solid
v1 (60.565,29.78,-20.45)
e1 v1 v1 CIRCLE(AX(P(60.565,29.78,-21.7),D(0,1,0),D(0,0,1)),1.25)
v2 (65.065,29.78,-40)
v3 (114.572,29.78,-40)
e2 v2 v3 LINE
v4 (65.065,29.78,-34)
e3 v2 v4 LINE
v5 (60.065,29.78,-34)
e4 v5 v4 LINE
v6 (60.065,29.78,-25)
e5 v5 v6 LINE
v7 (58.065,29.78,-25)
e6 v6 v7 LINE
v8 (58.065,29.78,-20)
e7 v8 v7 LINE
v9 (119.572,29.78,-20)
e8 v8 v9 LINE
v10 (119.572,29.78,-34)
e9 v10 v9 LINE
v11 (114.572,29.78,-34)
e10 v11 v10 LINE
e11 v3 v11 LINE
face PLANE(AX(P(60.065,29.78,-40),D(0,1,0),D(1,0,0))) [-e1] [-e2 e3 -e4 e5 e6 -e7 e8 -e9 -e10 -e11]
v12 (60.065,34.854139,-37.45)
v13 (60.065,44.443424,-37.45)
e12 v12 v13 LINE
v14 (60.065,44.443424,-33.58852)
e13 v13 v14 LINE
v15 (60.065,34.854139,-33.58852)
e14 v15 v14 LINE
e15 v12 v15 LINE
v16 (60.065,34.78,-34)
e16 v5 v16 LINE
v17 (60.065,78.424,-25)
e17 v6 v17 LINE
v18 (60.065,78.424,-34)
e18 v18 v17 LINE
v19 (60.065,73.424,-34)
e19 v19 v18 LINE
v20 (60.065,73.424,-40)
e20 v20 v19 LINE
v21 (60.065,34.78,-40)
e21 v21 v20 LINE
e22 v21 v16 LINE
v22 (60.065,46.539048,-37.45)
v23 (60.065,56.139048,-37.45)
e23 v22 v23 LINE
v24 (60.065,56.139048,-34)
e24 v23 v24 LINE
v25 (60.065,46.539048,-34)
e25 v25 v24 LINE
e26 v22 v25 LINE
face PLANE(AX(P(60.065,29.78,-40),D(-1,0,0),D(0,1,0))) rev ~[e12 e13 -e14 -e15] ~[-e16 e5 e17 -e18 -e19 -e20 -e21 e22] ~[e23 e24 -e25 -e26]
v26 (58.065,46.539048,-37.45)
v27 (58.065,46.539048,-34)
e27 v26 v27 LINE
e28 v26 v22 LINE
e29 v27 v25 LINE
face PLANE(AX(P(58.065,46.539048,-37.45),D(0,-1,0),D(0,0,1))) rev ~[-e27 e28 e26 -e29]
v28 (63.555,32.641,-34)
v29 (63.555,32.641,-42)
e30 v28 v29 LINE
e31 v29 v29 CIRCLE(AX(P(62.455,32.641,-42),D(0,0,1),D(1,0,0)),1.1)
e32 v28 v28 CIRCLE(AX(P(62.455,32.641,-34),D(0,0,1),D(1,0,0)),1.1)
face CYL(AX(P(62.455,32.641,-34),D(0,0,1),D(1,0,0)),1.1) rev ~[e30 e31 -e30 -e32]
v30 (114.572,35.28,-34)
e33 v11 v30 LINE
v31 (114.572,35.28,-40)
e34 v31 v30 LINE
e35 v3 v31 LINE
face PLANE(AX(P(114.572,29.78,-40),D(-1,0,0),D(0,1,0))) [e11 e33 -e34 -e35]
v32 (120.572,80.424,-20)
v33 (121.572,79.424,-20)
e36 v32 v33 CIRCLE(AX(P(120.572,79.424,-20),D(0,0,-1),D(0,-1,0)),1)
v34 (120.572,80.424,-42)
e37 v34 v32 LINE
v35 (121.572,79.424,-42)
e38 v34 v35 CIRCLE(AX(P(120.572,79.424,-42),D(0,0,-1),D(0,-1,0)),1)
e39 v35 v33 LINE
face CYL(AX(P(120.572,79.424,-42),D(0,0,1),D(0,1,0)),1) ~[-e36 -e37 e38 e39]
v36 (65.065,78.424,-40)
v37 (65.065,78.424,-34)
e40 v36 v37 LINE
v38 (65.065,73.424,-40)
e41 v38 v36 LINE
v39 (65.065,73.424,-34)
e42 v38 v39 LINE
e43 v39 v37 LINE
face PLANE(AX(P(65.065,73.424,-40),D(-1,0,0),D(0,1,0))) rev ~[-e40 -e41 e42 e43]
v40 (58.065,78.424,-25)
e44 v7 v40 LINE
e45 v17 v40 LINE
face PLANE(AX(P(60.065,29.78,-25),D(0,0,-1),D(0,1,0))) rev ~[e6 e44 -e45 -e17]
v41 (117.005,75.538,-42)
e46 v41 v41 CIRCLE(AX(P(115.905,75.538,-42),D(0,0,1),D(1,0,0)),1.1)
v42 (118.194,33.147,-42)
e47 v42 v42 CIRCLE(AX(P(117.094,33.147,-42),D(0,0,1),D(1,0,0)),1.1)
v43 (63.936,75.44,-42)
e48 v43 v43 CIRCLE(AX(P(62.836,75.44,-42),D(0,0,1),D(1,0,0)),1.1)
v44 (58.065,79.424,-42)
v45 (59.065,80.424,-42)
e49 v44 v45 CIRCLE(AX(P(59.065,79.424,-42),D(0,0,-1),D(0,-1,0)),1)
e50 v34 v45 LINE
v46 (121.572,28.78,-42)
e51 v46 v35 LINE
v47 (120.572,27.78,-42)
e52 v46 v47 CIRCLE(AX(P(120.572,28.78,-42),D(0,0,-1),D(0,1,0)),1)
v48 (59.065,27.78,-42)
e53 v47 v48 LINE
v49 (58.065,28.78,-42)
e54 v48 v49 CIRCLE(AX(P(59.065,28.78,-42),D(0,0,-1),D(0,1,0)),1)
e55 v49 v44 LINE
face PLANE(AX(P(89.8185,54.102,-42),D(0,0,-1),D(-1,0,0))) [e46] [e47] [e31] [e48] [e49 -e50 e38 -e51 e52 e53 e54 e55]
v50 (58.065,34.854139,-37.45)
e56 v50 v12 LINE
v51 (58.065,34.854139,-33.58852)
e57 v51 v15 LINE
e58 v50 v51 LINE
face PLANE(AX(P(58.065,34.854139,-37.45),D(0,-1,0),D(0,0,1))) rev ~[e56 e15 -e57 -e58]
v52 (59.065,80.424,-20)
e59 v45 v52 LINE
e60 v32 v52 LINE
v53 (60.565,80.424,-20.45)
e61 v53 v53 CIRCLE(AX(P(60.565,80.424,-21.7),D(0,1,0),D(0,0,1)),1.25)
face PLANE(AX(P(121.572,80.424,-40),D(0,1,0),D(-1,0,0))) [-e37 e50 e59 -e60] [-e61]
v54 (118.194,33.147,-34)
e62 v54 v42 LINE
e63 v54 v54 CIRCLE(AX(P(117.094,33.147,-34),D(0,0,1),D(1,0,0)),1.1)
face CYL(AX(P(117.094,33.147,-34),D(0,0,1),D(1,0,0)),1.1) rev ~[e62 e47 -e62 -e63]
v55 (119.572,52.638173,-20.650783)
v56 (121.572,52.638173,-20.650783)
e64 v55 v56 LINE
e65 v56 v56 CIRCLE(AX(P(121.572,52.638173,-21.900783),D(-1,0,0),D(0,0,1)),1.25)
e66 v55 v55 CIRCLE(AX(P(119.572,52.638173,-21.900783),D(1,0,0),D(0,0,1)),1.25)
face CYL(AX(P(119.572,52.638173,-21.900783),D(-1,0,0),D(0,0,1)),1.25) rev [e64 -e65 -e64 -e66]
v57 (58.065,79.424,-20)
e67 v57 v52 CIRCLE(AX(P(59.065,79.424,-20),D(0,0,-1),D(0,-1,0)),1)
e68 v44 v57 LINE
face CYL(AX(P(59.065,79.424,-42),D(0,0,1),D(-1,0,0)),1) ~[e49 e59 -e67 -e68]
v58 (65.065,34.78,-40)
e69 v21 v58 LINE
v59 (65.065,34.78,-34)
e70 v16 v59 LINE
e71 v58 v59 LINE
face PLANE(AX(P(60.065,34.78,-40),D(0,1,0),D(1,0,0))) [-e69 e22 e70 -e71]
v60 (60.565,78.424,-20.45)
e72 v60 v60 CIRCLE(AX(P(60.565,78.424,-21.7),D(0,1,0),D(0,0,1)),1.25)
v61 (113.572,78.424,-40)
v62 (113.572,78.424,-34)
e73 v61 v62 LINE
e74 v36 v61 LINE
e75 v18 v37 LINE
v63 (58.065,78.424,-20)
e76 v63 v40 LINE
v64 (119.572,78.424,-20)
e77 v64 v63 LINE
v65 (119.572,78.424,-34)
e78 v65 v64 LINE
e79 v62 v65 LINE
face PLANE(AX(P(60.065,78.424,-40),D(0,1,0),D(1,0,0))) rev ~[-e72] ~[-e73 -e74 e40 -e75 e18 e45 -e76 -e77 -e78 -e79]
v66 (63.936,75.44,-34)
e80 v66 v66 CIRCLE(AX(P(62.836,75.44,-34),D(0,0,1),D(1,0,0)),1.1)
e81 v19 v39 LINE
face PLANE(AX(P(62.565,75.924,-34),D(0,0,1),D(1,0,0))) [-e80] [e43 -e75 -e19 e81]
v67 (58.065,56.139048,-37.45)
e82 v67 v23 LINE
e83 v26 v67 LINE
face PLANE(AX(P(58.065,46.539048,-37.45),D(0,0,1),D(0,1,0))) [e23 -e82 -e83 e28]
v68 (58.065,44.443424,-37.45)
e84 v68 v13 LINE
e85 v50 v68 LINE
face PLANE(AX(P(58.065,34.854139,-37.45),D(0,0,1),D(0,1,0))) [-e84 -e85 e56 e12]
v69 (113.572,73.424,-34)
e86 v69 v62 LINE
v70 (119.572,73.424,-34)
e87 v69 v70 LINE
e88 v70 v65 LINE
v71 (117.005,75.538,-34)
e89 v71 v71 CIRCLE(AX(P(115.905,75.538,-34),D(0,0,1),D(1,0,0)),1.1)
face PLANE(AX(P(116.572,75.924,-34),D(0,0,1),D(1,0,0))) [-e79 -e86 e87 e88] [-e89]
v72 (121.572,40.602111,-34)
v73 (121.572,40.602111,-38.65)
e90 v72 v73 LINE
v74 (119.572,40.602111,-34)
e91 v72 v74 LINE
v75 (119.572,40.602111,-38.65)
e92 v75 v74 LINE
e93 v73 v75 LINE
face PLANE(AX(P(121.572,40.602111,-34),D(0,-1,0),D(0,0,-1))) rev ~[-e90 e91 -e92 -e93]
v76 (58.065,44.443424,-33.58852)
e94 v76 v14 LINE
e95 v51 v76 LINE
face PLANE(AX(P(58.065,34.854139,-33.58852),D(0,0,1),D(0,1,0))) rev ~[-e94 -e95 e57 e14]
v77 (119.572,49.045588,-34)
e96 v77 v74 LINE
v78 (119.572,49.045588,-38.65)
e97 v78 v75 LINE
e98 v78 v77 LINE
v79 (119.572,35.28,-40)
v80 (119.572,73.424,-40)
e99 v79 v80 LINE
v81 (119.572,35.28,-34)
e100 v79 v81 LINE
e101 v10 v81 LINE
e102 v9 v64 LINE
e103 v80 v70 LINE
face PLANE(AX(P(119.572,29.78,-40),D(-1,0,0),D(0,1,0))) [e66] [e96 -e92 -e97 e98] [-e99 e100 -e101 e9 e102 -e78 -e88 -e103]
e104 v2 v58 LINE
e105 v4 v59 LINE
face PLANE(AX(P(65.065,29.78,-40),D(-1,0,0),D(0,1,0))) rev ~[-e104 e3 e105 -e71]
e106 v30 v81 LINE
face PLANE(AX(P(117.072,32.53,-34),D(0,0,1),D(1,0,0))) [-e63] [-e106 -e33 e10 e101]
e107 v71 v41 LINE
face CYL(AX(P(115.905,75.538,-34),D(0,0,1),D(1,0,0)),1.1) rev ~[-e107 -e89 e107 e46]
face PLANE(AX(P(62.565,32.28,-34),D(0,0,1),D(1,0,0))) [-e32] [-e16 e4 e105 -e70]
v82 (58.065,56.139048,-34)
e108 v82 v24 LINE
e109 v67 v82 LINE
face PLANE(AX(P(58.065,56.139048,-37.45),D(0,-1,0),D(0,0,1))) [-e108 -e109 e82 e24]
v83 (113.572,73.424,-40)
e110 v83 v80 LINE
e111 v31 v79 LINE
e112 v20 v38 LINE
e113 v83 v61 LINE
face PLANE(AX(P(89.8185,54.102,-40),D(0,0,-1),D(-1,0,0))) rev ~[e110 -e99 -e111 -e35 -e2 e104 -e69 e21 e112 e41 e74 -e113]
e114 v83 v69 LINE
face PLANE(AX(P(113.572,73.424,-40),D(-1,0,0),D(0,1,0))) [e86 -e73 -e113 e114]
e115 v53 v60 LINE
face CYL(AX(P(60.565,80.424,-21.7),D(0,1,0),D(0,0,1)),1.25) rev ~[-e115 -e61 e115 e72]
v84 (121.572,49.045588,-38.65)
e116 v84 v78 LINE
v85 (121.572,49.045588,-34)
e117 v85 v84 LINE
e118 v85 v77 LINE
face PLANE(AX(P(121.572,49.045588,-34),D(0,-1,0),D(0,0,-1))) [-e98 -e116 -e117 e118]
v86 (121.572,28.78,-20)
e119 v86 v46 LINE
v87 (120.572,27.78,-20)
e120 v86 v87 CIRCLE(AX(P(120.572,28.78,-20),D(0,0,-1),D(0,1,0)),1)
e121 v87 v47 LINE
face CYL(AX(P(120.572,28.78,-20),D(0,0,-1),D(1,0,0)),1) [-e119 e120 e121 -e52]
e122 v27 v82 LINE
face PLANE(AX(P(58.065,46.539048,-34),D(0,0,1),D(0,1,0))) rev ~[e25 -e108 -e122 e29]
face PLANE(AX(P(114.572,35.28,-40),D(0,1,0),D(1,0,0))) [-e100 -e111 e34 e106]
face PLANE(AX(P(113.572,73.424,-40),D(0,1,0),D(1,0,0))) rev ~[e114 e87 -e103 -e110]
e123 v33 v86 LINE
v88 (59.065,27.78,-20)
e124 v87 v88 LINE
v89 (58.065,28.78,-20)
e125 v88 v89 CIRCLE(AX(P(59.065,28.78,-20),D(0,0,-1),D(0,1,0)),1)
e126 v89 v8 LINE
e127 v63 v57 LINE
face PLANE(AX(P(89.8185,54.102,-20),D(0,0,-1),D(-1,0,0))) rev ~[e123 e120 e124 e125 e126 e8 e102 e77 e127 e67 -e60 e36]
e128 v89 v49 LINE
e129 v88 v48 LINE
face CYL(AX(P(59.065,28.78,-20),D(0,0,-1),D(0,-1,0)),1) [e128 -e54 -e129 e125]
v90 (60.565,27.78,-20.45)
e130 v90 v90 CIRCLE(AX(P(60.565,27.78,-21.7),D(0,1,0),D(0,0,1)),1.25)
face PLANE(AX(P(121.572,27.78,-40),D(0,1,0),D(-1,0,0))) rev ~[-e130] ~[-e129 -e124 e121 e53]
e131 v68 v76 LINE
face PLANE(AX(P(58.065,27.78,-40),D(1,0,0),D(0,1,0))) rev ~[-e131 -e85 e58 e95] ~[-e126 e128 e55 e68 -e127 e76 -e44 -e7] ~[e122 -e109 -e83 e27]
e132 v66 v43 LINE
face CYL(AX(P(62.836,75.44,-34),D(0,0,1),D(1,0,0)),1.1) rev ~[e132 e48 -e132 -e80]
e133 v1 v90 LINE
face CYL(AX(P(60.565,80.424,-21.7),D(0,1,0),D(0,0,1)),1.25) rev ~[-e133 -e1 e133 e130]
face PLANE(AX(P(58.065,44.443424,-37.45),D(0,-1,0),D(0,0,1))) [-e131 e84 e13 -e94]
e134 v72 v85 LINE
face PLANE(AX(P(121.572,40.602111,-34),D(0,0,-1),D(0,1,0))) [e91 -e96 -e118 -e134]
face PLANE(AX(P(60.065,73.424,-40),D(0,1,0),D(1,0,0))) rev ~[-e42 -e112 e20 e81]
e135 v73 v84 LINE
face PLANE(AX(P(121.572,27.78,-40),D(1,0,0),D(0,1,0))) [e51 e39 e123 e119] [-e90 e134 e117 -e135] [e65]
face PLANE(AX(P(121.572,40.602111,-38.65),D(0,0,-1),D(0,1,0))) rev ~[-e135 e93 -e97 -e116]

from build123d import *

# Parameters (mm, degrees)
BOSS_EXTRUDE1_START = -40
SKETCH2_W           = 59.507
SKETCH2_H           = 48.644
BOSS_EXTRUDE1_DEPTH = 20
SKETCH3_W           = 63.507
SKETCH3_H           = 52.644
BOSS_EXTRUDE2_DEPTH = 2
SKETCH12_W          = 5
SKETCH12_H          = 5
SKETCH12_W_2        = 6
SKETCH12_H_2        = 5.5
BOSS_EXTRUDE4_DEPTH = 6
SKETCH20_R          = 1.1
CUT_EXTRUDE12_DEPTH = 10
SKETCH23_W          = 5
SKETCH23_H          = 48.644
CUT_EXTRUDE13_DEPTH = 5
SKETCH25_R          = 1.25
CUT_EXTRUDE14_DEPTH = 73
SKETCH27_W          = 4.650000165
SKETCH27_H          = 8.443476487
CUT_EXTRUDE15_DEPTH = 3
SKETCH28_W          = 3.45
SKETCH28_H          = 9.6
SKETCH28_W_2        = 3.86148
SKETCH28_H_2        = 9.589284943
CUT_EXTRUDE16_DEPTH = 3
SKETCH30_R          = 1.25
CUT_EXTRUDE24_DEPTH = 3
FILLET1_R           = 1
FILLET2_R           = 1
FILLET3_R           = 1
FILLET4_R           = 1


with BuildPart() as part:
    # Sketch2 → Boss-Extrude1 (new body)
    with BuildSketch(Plane.XY.offset(BOSS_EXTRUDE1_START)):
        Polygon((60.436010502, 80.424), (121.572, 80.424), (121.572, 27.78), (58.065, 27.78), (58.065, 80.424), align=None)
        with Locations((89.8185, 54.102)):
            Rectangle(SKETCH2_W, SKETCH2_H, mode=Mode.SUBTRACT)
    extrude(amount=BOSS_EXTRUDE1_DEPTH)

    # Sketch3 → Boss-Extrude2 (add)
    with BuildSketch(Plane(origin=(0, 0, -40), x_dir=(-1, 0, 0), z_dir=(0, 0, -1))):
        with Locations((-89.8185, 54.102)):
            Rectangle(SKETCH3_W, SKETCH3_H)
    extrude(amount=BOSS_EXTRUDE2_DEPTH)

    # Sketch12 → Boss-Extrude4 (add)
    with BuildSketch(Plane.XY.offset(-40)):
        with Locations((62.565, 75.924)):
            Rectangle(SKETCH12_W, SKETCH12_H)
        with Locations((116.572, 75.924)):
            Rectangle(SKETCH12_W_2, SKETCH12_H)
        with Locations((117.072, 32.53)):
            Rectangle(SKETCH12_W, SKETCH12_H_2)
        with Locations((62.565, 32.28)):
            Rectangle(SKETCH12_W, SKETCH12_H)
    extrude(amount=BOSS_EXTRUDE4_DEPTH)

    # Sketch20 → Cut-Extrude12 (cut)
    with BuildSketch(Plane.XY.offset(-34)):
        with Locations((62.836, 75.44)):
            Circle(SKETCH20_R)
        with Locations((115.905, 75.538)):
            Circle(SKETCH20_R)
        with Locations((117.094, 33.147)):
            Circle(SKETCH20_R)
        with Locations((62.455, 32.641)):
            Circle(SKETCH20_R)
    extrude(amount=-CUT_EXTRUDE12_DEPTH, mode=Mode.SUBTRACT)

    # Sketch23 → Cut-Extrude13 (cut)
    with BuildSketch(Plane(origin=(60.065, 0, 0), x_dir=(0, 0, -1), z_dir=(1, 0, 0))):
        with Locations((22.5, 54.102)):
            Rectangle(SKETCH23_W, SKETCH23_H)
    extrude(amount=-CUT_EXTRUDE13_DEPTH, mode=Mode.SUBTRACT)

    # Sketch25 → Cut-Extrude14 (cut)
    with BuildSketch(Plane(origin=(0, 80.424, 0), x_dir=(1, 0, 0), z_dir=(0, 1, 0))):
        with Locations(Location((60.565, 21.7, 0), (0, 0, 270))):
            Circle(SKETCH25_R)
    extrude(amount=-CUT_EXTRUDE14_DEPTH, mode=Mode.SUBTRACT)

    # Sketch27 → Cut-Extrude15 (cut)
    with BuildSketch(Plane(origin=(121.572, 0, 0), x_dir=(0, 0, -1), z_dir=(1, 0, 0))):
        with Locations((36.324999988, 44.82384952)):
            Rectangle(SKETCH27_W, SKETCH27_H)
    extrude(amount=-CUT_EXTRUDE15_DEPTH, mode=Mode.SUBTRACT)

    # Sketch28 → Cut-Extrude16 (cut)
    with BuildSketch(Plane.ZY.offset(-58.065)):
        with Locations((-35.725, 51.339048194)):
            Rectangle(SKETCH28_W, SKETCH28_H)
        with Locations((-35.51926, 39.648781472)):
            Rectangle(SKETCH28_W_2, SKETCH28_H_2)
    extrude(amount=-CUT_EXTRUDE16_DEPTH, mode=Mode.SUBTRACT)

    # Sketch30 → Cut-Extrude24 (cut)
    with BuildSketch(Plane(origin=(119.572, 0, 0), x_dir=(0, 0, -1), z_dir=(1, 0, 0))):
        with Locations(Location((21.90078297, 52.638173314, 0), (0, 0, 180))):
            Circle(SKETCH30_R)
    extrude(amount=CUT_EXTRUDE24_DEPTH, mode=Mode.SUBTRACT)

    # Fillet1
    fillet1_edges = [part.edges().sort_by_distance(p)[0] for p in [
        (58.065, 80.424, -31),
    ]]
    fillet(fillet1_edges, radius=FILLET1_R)

    # Fillet2
    fillet2_edges = [part.edges().sort_by_distance(p)[0] for p in [
        (121.572, 80.424, -31),
    ]]
    fillet(fillet2_edges, radius=FILLET2_R)

    # Fillet3
    fillet3_edges = [part.edges().sort_by_distance(p)[0] for p in [
        (121.572, 27.78, -31),
    ]]
    fillet(fillet3_edges, radius=FILLET3_R)

    # Fillet4
    fillet4_edges = [part.edges().sort_by_distance(p)[0] for p in [
        (58.065, 27.78, -31),
    ]]
    fillet(fillet4_edges, radius=FILLET4_R)


solid = part.part
